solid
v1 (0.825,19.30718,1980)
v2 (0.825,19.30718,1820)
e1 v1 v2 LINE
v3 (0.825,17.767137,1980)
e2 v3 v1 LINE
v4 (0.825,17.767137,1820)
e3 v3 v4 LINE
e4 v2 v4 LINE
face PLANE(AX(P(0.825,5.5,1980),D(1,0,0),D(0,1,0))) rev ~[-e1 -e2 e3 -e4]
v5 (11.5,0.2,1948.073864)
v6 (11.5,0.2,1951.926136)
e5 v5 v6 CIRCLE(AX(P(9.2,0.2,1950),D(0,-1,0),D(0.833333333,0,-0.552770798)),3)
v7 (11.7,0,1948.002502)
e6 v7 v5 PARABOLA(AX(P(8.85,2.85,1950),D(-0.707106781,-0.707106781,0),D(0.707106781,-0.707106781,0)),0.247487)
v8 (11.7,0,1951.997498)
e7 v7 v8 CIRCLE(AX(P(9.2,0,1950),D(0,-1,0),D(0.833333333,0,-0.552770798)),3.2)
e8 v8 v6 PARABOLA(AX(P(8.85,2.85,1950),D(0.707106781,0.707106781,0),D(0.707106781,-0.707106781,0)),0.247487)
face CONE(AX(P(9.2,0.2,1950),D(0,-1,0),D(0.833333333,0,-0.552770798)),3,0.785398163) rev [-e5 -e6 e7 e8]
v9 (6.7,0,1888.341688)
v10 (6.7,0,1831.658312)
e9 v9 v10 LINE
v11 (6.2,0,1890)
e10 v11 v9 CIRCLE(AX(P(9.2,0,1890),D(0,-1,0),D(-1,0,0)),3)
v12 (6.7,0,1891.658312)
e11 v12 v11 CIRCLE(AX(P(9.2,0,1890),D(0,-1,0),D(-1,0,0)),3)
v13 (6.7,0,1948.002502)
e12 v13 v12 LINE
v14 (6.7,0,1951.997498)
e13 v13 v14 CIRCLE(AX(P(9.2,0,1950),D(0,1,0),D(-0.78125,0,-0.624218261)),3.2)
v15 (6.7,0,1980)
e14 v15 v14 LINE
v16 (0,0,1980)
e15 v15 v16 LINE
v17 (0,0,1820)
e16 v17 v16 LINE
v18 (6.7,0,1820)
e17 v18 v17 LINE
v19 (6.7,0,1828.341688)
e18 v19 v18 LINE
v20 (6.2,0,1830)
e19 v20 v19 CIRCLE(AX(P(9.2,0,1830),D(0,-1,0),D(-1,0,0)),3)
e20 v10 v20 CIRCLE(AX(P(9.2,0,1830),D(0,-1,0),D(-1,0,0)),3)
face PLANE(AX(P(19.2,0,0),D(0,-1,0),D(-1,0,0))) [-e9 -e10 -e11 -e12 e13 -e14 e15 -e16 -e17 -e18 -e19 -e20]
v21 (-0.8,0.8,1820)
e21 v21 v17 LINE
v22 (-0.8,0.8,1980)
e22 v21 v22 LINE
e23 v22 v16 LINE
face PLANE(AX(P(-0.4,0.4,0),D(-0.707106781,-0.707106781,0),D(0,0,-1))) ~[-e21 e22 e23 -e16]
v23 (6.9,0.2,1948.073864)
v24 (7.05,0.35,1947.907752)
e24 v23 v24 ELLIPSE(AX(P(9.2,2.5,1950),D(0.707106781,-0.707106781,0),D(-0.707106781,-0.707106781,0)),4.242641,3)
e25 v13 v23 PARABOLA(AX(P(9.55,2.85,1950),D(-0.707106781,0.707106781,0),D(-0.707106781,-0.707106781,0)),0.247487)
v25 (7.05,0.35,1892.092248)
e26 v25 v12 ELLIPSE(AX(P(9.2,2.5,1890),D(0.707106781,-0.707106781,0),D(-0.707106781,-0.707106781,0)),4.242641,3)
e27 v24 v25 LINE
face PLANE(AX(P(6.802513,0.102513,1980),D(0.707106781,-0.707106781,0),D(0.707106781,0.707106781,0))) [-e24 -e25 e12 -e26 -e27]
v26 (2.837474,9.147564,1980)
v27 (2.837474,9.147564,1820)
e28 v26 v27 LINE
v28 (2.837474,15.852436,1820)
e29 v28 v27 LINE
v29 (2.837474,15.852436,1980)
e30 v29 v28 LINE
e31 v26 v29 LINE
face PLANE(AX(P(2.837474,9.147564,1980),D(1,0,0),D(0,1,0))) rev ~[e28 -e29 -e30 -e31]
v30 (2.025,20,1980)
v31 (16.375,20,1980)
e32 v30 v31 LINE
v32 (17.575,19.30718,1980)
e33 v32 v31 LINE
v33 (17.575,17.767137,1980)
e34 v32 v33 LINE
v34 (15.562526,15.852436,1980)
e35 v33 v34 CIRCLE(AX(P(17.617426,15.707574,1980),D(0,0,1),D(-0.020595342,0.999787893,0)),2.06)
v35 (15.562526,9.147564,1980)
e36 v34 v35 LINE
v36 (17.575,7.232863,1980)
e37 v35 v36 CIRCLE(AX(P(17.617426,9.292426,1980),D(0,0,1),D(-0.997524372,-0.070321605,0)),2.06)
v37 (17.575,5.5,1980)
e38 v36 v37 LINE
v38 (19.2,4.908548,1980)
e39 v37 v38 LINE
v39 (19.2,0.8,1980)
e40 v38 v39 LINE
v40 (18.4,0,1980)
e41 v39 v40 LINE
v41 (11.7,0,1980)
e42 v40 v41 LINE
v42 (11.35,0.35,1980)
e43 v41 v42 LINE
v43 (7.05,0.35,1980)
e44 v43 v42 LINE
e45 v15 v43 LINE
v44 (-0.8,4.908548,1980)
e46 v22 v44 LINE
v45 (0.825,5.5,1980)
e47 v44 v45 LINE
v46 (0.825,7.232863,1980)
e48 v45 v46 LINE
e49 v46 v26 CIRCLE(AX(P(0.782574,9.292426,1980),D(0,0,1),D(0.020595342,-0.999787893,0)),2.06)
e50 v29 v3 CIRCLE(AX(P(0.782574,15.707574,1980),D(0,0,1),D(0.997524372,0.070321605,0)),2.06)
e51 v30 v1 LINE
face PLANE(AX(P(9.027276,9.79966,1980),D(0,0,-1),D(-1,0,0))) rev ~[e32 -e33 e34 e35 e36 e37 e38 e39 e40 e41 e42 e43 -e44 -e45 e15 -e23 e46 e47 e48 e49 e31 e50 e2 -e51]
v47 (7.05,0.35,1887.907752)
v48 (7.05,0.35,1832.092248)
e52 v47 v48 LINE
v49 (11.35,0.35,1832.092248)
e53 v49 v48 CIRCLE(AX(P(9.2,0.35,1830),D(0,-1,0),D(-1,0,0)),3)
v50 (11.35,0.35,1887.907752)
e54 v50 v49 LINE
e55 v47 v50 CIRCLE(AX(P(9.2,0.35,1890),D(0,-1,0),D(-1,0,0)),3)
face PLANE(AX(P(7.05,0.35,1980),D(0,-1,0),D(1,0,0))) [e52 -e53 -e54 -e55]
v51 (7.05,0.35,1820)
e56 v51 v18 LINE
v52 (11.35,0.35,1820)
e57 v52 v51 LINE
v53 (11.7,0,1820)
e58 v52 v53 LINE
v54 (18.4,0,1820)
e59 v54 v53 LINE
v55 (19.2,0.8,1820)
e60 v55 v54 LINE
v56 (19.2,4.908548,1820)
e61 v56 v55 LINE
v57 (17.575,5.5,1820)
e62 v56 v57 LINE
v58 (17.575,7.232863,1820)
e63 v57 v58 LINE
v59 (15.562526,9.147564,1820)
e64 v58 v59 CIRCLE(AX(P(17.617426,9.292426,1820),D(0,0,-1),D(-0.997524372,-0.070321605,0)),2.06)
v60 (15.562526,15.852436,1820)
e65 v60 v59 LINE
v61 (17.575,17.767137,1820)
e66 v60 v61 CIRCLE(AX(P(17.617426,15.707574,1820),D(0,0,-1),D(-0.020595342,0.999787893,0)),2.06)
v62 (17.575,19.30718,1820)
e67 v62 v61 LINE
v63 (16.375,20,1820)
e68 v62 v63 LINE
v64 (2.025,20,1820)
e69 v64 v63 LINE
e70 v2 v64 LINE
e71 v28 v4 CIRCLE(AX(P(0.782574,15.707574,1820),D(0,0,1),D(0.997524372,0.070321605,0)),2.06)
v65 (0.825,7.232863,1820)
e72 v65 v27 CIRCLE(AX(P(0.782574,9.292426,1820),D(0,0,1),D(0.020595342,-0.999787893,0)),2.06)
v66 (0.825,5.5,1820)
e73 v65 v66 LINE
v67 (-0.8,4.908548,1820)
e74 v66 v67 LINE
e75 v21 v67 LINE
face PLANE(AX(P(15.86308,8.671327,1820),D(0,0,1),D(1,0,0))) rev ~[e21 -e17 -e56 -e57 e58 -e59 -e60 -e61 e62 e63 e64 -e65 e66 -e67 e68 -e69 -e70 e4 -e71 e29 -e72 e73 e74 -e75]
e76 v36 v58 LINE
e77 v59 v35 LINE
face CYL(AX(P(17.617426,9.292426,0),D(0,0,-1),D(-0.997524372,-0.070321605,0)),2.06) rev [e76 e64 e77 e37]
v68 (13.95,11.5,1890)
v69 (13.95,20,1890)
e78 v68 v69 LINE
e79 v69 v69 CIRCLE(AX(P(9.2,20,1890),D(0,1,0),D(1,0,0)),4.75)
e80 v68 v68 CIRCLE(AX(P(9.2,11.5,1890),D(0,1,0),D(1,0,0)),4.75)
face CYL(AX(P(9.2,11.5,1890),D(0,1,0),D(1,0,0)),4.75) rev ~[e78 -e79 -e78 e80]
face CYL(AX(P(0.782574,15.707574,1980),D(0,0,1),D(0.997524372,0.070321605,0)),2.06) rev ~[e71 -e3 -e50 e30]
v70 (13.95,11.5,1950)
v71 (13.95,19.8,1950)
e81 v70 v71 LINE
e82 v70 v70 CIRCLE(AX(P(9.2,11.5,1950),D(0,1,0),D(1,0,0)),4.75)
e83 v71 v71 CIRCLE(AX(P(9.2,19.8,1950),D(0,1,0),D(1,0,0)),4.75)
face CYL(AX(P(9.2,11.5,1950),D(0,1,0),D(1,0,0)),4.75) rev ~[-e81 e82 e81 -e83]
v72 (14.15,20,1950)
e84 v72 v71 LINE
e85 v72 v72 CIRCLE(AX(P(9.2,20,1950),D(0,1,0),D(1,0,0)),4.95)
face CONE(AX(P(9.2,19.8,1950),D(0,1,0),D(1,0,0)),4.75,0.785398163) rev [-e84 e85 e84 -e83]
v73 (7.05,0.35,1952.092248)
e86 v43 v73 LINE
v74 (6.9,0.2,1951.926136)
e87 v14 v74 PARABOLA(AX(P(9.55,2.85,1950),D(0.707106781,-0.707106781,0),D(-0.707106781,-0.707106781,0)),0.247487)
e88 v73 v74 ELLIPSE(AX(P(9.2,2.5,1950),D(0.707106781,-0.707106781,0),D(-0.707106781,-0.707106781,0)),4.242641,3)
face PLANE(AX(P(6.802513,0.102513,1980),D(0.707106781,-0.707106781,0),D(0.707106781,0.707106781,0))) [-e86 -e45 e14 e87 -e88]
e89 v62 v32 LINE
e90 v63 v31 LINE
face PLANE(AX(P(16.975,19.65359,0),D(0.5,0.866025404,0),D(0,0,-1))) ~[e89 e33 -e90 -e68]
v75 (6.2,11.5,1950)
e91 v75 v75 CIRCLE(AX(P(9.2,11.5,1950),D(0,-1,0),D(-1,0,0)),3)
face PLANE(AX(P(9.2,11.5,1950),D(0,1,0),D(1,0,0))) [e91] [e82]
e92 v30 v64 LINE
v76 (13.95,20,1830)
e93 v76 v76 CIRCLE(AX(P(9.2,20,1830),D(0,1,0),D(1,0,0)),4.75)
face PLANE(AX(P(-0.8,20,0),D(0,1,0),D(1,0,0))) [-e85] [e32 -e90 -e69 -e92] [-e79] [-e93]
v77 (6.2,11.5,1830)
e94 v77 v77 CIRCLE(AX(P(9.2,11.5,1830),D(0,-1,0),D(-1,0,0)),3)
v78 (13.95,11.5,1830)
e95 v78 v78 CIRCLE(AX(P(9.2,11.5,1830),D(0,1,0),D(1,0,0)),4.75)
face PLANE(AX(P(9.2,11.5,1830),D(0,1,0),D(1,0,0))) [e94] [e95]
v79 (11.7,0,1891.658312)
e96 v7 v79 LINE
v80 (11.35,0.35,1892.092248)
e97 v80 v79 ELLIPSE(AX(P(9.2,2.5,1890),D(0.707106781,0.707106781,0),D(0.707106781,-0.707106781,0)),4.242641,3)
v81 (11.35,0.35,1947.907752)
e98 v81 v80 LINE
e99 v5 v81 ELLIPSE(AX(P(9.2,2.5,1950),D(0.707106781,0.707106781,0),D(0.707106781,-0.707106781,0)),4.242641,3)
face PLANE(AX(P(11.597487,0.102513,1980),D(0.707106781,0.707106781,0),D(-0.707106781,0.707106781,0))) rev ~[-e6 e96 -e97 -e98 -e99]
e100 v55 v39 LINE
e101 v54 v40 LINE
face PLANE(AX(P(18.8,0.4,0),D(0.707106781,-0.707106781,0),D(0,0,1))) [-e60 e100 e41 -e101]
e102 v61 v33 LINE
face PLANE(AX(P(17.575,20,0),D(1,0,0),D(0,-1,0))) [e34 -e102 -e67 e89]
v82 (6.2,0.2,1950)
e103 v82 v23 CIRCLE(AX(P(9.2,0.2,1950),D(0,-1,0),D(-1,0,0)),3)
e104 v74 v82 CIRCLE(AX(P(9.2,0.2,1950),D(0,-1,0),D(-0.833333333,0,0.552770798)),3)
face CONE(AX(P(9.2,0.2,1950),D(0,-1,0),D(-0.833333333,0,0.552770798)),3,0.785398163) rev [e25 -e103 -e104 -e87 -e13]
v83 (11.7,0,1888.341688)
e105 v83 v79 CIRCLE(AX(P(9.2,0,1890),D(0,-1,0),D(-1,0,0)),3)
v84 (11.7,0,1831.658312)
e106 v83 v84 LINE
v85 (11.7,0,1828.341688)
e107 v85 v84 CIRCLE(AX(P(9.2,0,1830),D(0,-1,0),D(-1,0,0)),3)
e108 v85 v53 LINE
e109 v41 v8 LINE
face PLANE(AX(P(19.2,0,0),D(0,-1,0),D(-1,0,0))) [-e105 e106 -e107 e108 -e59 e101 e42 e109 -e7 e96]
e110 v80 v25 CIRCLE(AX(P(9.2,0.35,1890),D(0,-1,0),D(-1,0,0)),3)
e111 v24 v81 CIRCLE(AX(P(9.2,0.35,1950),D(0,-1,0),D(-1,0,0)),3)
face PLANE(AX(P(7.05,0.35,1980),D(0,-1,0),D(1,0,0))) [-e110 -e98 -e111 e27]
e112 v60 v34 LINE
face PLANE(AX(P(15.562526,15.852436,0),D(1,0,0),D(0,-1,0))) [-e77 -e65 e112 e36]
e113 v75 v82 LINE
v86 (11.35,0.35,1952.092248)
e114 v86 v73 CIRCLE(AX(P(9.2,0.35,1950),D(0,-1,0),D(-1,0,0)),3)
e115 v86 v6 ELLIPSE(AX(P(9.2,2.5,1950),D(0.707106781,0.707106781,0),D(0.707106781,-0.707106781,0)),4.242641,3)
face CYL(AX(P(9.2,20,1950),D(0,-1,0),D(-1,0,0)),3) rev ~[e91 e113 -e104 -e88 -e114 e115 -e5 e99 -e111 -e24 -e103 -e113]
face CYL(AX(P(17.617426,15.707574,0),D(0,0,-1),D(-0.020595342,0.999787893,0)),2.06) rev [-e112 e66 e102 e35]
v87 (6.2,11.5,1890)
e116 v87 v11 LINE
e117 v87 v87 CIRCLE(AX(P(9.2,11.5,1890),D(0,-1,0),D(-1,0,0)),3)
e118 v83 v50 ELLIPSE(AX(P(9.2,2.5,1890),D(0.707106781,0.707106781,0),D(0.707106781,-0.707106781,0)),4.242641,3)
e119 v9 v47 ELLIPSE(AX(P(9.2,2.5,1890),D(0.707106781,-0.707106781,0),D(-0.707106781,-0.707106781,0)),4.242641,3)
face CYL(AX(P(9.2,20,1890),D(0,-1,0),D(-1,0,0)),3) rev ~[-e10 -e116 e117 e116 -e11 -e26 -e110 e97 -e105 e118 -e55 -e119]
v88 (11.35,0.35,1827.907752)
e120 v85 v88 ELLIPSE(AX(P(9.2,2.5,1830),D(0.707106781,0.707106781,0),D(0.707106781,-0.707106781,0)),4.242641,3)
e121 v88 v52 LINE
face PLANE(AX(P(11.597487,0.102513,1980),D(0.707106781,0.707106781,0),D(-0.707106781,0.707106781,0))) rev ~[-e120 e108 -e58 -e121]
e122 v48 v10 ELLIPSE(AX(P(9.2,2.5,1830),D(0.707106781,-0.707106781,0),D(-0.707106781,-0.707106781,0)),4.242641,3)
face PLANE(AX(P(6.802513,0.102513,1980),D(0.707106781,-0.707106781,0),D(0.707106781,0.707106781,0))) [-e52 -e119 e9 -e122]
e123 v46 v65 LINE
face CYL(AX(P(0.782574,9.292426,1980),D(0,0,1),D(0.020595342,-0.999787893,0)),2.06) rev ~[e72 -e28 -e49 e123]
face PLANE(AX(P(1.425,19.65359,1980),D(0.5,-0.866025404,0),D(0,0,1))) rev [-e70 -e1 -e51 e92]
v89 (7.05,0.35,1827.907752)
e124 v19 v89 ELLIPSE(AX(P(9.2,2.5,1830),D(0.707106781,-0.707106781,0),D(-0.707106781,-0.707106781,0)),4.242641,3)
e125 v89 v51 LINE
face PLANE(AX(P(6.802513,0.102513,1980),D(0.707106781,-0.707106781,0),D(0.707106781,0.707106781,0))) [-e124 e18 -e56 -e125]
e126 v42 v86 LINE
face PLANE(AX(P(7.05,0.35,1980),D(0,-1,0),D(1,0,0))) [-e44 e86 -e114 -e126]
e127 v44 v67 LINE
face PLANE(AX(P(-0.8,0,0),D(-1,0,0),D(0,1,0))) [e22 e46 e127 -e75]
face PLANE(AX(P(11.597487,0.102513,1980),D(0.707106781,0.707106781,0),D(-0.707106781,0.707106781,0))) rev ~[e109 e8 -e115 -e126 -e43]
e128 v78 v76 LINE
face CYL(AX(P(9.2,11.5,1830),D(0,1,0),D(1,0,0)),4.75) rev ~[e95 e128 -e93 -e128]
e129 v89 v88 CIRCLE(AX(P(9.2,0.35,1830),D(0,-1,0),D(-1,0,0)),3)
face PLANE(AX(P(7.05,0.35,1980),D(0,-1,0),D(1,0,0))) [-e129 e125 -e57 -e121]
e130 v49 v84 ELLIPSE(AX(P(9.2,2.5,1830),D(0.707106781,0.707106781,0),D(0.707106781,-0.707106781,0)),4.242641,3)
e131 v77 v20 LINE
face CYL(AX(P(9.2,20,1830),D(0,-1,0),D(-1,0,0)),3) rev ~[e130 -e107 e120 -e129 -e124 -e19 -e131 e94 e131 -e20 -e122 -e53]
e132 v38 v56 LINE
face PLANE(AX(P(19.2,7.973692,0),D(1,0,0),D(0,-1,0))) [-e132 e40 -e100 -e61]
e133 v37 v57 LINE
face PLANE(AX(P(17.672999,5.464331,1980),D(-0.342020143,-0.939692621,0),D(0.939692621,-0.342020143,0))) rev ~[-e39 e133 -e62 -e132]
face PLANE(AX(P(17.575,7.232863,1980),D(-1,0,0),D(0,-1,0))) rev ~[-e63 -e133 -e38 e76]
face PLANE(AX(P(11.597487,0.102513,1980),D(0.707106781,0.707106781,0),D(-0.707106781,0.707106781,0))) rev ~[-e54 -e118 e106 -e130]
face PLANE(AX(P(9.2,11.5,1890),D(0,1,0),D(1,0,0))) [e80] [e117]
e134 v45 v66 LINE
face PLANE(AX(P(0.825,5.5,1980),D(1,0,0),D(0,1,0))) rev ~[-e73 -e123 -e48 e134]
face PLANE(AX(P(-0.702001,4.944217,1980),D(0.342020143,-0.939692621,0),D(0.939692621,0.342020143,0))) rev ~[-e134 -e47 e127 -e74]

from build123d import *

# Parameters (mm, degrees)
BOSS_EXTRU_1_DEPTH      = 1980
ENL_V_MAT_EXTRU_1_DEPTH = 1981.194091497
ESQUISSE3_W             = 4.3
ESQUISSE3_H             = 0.35
ENL_V_MAT_EXTRU_2_DEPTH = 1980
ESQUISSE4_W             = 1.625
ESQUISSE4_H             = 14.5
ENL_V_MAT_EXTRU_3_DEPTH = 1981.194091497
ENL_V_MAT_EXTRU_4_DEPTH = 1981.194091497
D_POUILLE1_ANGLE        = 20
D_POUILLE2_ANGLE        = 20
D_POUILLE3_ANGLE        = 45
PER_AGE1_D              = 6
PER_AGE1_DEPTH          = 20
PER_AGE1_CBORE_D        = 9.5
PER_AGE1_CBORE_DEPTH    = 8.5
CHANFREIN1_SIZE         = 0.8
CHANFREIN2_SIZE         = 1.2
CHANFREIN2_SIZE2        = 0.692820323
CHANFREIN3_SIZE         = 0.2
CHANFREIN4_SIZE         = 0.692820323
CHANFREIN4_SIZE2        = 1.2
ENL_V_START             = -160
ESQUISSE12_W            = 78.153878041
ESQUISSE12_H            = 74.514600195
ENL_V_MAT_EXTRU_5_DEPTH = 1821.194091497


with BuildPart() as part:
    # Esquisse1 → Boss.-Extru.1 (new body)
    with BuildSketch(Plane(origin=(0, 0, 0), x_dir=(-1, 0, 0), z_dir=(0, 0, -1))):
        with BuildLine():
            Line((-19.2, 7.973691854), (-19.2, 0))
            Line((-19.2, 0), (0.8, 0))
            Line((0.8, 0), (0.8, 20))
            Line((0.8, 20), (-17.575, 20))
            Line((-17.575, 20), (-17.575, 17.767136655))
            ThreePointArc((-17.575, 17.767136655), (-16.197491801, 17.200016465), (-15.5625262, 15.852436102))
            Line((-15.5625262, 15.852436102), (-15.5625262, 9.147563898))
            ThreePointArc((-15.5625262, 9.147563898), (-16.984759825, 7.331984363), (-19.2, 7.973691854))
        make_face()
    extrude(amount=-BOSS_EXTRU_1_DEPTH)

    # Esquisse2 → Enlèv. mat.-Extru.1 (cut, through all)
    with BuildSketch(Plane.XY.offset(1980)):
        with BuildLine():
            Line((17.575, 7.232863345), (17.575, 4.908548369))
            Line((17.575, 4.908548369), (19.2, 4.908548369))
            Line((19.2, 4.908548369), (19.2, 7.973691854))
            ThreePointArc((19.2, 7.973691854), (18.471955551, 7.418025184), (17.575, 7.232863345))
        make_face()
    extrude(amount=-ENL_V_MAT_EXTRU_1_DEPTH, mode=Mode.SUBTRACT)

    # Esquisse3 → Enlèv. mat.-Extru.2 (cut)
    with BuildSketch(Plane.XY.offset(1980)):
        with Locations((9.2, 0.175)):
            Rectangle(ESQUISSE3_W, ESQUISSE3_H)
    extrude(amount=-ENL_V_MAT_EXTRU_2_DEPTH, mode=Mode.SUBTRACT)

    # Esquisse4 → Enlèv. mat.-Extru.3 (cut, through all)
    with BuildSketch(Plane.XY.offset(1980)):
        with Locations((0.0125, 12.75)):
            Rectangle(ESQUISSE4_W, ESQUISSE4_H)
    extrude(amount=-ENL_V_MAT_EXTRU_3_DEPTH, mode=Mode.SUBTRACT)

    # Esquisse5 → Enlèv. mat.-Extru.4 (cut, through all)
    with BuildSketch(Plane.XY.offset(1980)):
        with BuildLine():
            Line((0.825, 17.767136655), (0.825, 7.232863345))
            ThreePointArc((0.825, 7.232863345), (2.202508199, 7.799983535), (2.8374738, 9.147563898))
            Line((2.8374738, 9.147563898), (2.8374738, 15.852436102))
            ThreePointArc((2.8374738, 15.852436102), (2.202508199, 17.200016465), (0.825, 17.767136655))
        make_face()
    extrude(amount=-ENL_V_MAT_EXTRU_4_DEPTH, mode=Mode.SUBTRACT)

    # Dépouille1
    d_pouille1_faces = [part.faces().sort_by_distance(p)[0] for p in [
        (0.0125, 5.5, 990),
    ]]
    draft(d_pouille1_faces, Plane(origin=(0.825, 5.5, 0), x_dir=(0, -1, 0), z_dir=(-1, 0, 0)), D_POUILLE1_ANGLE)

    # Dépouille2
    d_pouille2_faces = [part.faces().sort_by_distance(p)[0] for p in [
        (18.3875, 4.908548369, 990),
    ]]
    draft(d_pouille2_faces, Plane(origin=(19.2, 7.973691854, 1980), x_dir=(0, 0, 1), z_dir=(1, 0, 0)), D_POUILLE2_ANGLE)

    # Dépouille3
    d_pouille3_faces = [part.faces().sort_by_distance(p)[0] for p in [
        (11.35, 0.175, 990),
        (7.05, 0.175, 990),
    ]]
    draft(d_pouille3_faces, Plane(origin=(11.35, 0.35, 0), x_dir=(0, 0, -1), z_dir=(0, -1, 0)), D_POUILLE3_ANGLE)

    # Perçage1
    with Locations(Plane(origin=(0, 20, 0), x_dir=(1, 0, 0), z_dir=(0, 1, 0))):
        with Locations((9.2, -30), (9.2, -90), (9.2, -150), (9.2, -210), (9.2, -270), (9.2, -330), (9.2, -390), (9.2, -450), (9.2, -510), (9.2, -570), (9.2, -630), (9.2, -690), (9.2, -750), (9.2, -810), (9.2, -870), (9.2, -930), (9.2, -990), (9.2, -1050), (9.2, -1110), (9.2, -1170), (9.2, -1230), (9.2, -1290), (9.2, -1350), (9.2, -1410), (9.2, -1470), (9.2, -1530), (9.2, -1590), (9.2, -1650), (9.2, -1710), (9.2, -1770), (9.2, -1830), (9.2, -1890), (9.2, -1950)):
            CounterBoreHole(PER_AGE1_D / 2, PER_AGE1_CBORE_D / 2, PER_AGE1_CBORE_DEPTH, depth=PER_AGE1_DEPTH)

    # Chanfrein1
    chanfrein1_edges = [part.edges().sort_by_distance(p)[0] for p in [
        (-0.8, 0, 990),
        (19.2, 0, 990),
    ]]
    chamfer(chanfrein1_edges, length=CHANFREIN1_SIZE)

    # Chanfrein2
    chanfrein2_edges = [part.edges().sort_by_distance(p)[0] for p in [
        (0.825, 20, 990),
    ]]
    chanfrein2_side = [part.faces().sort_by_distance(p)[0] for p in [
        (9.2, 20, 19.800708478),
    ]]
    chamfer(chanfrein2_edges, length=CHANFREIN2_SIZE, length2=CHANFREIN2_SIZE2, reference=chanfrein2_side[0])

    # Chanfrein3
    chanfrein3_edges = [part.edges().sort_by_distance(p)[0] for p in [
        (12.2, 0, 1950),
        (6.327718677, 0, 1949.133974596),
        (4.45, 20, 1950),
    ]]
    chamfer(chanfrein3_edges, length=CHANFREIN3_SIZE)

    # Chanfrein4
    chanfrein4_edges = [part.edges().sort_by_distance(p)[0] for p in [
        (17.575, 20, 990),
    ]]
    chanfrein4_side = [part.faces().sort_by_distance(p)[0] for p in [
        (17.575, 18.883568328, 990),
    ]]
    chamfer(chanfrein4_edges, length=CHANFREIN4_SIZE, length2=CHANFREIN4_SIZE2, reference=chanfrein4_side[0])

    # Esquisse12 → Enlèv. mat.-Extru.5 (cut, through all)
    with BuildSketch(Plane.XY.offset(1980).offset(ENL_V_START)):
        with Locations((15.863080013, 8.671326529)):
            Rectangle(ESQUISSE12_W, ESQUISSE12_H)
    extrude(amount=-ENL_V_MAT_EXTRU_5_DEPTH, mode=Mode.SUBTRACT)


solid = part.part
